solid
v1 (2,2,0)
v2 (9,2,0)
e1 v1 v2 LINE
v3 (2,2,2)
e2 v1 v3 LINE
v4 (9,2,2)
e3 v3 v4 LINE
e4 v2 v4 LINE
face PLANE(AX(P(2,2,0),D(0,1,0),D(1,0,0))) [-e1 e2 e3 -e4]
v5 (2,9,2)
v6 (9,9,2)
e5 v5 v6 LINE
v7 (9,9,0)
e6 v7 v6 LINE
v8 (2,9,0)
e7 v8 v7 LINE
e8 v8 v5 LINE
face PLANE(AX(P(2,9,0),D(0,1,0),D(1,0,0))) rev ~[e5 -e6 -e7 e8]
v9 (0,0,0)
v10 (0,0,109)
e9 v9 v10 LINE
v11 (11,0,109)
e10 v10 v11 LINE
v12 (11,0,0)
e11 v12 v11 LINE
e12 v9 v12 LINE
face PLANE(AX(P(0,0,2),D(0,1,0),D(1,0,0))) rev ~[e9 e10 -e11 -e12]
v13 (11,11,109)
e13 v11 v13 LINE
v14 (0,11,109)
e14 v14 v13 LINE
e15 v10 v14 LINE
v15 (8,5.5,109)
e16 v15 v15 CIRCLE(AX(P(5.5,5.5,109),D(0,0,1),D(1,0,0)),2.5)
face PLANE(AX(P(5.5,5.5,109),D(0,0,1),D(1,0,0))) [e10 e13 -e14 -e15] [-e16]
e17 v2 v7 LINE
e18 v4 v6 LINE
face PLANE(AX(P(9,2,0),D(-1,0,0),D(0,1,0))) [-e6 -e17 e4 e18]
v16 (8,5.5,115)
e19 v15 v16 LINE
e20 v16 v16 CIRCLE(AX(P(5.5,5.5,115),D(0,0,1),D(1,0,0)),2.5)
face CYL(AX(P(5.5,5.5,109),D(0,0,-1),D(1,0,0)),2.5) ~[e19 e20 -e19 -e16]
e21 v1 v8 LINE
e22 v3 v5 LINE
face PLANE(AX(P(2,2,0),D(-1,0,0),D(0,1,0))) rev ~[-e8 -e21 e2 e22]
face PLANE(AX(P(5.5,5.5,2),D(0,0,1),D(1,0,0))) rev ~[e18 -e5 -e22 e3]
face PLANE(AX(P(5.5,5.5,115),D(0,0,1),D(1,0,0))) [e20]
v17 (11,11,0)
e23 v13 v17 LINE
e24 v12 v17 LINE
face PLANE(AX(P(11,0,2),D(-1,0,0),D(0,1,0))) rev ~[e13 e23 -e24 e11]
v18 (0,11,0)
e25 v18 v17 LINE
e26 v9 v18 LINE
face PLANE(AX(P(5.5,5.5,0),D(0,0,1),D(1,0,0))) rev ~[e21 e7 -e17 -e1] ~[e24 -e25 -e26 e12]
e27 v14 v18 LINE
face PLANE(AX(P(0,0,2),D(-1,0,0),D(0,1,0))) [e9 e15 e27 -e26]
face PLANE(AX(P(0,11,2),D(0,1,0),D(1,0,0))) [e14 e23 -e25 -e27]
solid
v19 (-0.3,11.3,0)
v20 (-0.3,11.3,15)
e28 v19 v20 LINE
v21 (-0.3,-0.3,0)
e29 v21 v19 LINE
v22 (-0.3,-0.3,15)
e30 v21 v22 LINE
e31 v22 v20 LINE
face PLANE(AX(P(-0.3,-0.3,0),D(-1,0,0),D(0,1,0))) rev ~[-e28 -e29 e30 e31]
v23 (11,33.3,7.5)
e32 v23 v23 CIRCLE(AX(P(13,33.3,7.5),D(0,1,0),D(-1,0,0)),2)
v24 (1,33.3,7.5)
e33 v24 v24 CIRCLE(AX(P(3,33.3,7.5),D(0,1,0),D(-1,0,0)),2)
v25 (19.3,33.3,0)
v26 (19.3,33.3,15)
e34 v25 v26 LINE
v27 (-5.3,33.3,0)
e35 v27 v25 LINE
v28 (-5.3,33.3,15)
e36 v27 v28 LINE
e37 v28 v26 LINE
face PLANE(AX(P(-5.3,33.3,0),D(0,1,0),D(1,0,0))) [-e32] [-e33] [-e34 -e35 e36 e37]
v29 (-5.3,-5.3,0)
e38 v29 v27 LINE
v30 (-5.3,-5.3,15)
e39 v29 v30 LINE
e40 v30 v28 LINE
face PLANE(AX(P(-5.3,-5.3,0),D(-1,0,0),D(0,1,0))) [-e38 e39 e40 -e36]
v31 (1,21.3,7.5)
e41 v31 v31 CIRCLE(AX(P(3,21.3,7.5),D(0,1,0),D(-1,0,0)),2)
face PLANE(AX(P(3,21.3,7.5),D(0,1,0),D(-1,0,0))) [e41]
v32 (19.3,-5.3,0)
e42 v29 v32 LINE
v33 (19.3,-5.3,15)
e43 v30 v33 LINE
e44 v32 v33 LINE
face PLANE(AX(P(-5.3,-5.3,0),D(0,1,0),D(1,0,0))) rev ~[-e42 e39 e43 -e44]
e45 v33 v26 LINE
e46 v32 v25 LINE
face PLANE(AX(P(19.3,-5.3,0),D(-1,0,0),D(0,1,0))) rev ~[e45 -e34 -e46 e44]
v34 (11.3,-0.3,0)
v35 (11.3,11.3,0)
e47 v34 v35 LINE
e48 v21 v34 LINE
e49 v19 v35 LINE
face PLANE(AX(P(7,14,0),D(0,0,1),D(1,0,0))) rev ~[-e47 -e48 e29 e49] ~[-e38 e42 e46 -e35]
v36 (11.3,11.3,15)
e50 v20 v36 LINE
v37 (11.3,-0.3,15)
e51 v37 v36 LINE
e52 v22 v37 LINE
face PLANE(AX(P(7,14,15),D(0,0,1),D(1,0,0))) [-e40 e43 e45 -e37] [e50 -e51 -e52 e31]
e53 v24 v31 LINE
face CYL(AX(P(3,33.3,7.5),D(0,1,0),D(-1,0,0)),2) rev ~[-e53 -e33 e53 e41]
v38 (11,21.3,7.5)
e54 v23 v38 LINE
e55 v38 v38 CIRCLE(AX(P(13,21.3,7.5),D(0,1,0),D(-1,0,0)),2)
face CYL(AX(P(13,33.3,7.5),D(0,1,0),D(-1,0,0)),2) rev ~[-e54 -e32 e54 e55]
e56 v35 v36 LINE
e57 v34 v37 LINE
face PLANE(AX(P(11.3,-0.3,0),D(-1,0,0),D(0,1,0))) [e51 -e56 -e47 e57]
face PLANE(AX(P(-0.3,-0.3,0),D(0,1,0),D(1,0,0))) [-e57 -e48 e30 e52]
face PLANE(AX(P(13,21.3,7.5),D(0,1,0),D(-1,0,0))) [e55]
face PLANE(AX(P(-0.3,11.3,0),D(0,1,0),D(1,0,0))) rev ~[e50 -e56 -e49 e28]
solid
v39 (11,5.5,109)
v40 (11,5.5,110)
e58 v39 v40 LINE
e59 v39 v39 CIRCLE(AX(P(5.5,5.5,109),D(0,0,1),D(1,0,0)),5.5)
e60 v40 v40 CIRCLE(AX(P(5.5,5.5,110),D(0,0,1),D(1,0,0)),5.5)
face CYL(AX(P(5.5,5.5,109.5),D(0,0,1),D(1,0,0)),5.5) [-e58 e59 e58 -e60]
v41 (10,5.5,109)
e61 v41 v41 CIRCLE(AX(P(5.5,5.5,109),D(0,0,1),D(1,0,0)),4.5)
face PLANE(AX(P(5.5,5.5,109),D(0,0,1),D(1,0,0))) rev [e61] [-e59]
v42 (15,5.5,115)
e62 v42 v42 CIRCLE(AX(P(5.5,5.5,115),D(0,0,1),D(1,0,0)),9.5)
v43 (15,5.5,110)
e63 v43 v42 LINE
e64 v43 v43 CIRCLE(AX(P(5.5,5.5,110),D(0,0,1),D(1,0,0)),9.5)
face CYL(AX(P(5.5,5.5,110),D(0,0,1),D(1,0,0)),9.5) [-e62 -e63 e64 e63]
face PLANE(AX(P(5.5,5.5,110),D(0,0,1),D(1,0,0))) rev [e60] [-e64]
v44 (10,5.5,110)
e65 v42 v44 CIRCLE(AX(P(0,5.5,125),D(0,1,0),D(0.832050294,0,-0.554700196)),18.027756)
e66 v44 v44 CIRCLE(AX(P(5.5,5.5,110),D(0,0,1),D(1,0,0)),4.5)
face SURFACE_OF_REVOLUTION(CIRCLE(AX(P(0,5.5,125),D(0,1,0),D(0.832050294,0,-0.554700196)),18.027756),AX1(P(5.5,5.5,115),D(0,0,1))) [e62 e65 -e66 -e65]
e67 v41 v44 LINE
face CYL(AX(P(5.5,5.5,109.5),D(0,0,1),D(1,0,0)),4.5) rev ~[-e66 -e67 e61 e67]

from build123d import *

# Parameters (mm, degrees)
F0_W      = 11
F0_H      = 11
F0_W_2    = 7
F0_H_2    = 7
F1_DEPTH  = 2
F2_W      = 11
F2_H      = 11
F3_DEPTH  = 107
F4_R      = 2.5
F5_DEPTH  = 6
F9_W      = 1
F9_H      = 1
F11_W     = 24.6
F11_H     = 38.6
F11_W_2   = 11.6
F11_H_2   = 11.6
F12_DEPTH = 15
F13_R     = 2
F14_DEPTH = 12


with BuildPart() as f1:
    # F0 (on Top) → F1 (new body)
    with BuildSketch(Plane.XY):
        with Locations((5.5, 5.5)):
            Rectangle(F0_W, F0_H)
        with Locations((5.5, 5.5)):
            Rectangle(F0_W_2, F0_H_2, mode=Mode.SUBTRACT)
    extrude(amount=F1_DEPTH)

    # F2 (on face) → F3 (join)
    with BuildSketch(Plane.XY.offset(2)):
        with Locations((5.5, 5.5)):
            Rectangle(F2_W, F2_H)
    extrude(amount=F3_DEPTH)

    # F4 (on face) → F5 (join)
    with BuildSketch(Plane.XY.offset(109)):
        with Locations((5.5, 5.5)):
            Circle(F4_R)
    extrude(amount=F5_DEPTH)


with BuildPart() as f10:
    # F9 (on mid) → F10 (revolve)
    with BuildSketch(Plane.XZ.offset(-5.5)):
        with BuildLine():
            Line((11, 110), (15, 110))
            Line((15, 110), (15, 115))
            ThreePointArc((15, 115), (12.747548784, 112.252451216), (10, 110))
            Line((10, 110), (11, 110))
        make_face()
        with Locations((10.5, 109.5)):
            Rectangle(F9_W, F9_H)
    revolve(axis=Axis((5.5, 5.5, 115), (0, 0, 1)))


with BuildPart() as f12:
    # F11 (on Top) → F12 (new body)
    with BuildSketch(Plane.XY):
        with Locations((7, 14)):
            Rectangle(F11_W, F11_H)
        with Locations((5.5, 5.5)):
            Rectangle(F11_W_2, F11_H_2, mode=Mode.SUBTRACT)
    extrude(amount=F12_DEPTH)

    # F13 (on face) → F14 (cut)
    with BuildSketch(Plane(origin=(0, 33.3, 0), x_dir=(-1, 0, 0), z_dir=(0, 1, 0))):
        with Locations((-13, 7.5)):
            Circle(F13_R)
        with Locations((-3, 7.5)):
            Circle(F13_R)
    extrude(amount=-F14_DEPTH, mode=Mode.SUBTRACT)


solid = Compound([f1.part, f10.part, f12.part])
